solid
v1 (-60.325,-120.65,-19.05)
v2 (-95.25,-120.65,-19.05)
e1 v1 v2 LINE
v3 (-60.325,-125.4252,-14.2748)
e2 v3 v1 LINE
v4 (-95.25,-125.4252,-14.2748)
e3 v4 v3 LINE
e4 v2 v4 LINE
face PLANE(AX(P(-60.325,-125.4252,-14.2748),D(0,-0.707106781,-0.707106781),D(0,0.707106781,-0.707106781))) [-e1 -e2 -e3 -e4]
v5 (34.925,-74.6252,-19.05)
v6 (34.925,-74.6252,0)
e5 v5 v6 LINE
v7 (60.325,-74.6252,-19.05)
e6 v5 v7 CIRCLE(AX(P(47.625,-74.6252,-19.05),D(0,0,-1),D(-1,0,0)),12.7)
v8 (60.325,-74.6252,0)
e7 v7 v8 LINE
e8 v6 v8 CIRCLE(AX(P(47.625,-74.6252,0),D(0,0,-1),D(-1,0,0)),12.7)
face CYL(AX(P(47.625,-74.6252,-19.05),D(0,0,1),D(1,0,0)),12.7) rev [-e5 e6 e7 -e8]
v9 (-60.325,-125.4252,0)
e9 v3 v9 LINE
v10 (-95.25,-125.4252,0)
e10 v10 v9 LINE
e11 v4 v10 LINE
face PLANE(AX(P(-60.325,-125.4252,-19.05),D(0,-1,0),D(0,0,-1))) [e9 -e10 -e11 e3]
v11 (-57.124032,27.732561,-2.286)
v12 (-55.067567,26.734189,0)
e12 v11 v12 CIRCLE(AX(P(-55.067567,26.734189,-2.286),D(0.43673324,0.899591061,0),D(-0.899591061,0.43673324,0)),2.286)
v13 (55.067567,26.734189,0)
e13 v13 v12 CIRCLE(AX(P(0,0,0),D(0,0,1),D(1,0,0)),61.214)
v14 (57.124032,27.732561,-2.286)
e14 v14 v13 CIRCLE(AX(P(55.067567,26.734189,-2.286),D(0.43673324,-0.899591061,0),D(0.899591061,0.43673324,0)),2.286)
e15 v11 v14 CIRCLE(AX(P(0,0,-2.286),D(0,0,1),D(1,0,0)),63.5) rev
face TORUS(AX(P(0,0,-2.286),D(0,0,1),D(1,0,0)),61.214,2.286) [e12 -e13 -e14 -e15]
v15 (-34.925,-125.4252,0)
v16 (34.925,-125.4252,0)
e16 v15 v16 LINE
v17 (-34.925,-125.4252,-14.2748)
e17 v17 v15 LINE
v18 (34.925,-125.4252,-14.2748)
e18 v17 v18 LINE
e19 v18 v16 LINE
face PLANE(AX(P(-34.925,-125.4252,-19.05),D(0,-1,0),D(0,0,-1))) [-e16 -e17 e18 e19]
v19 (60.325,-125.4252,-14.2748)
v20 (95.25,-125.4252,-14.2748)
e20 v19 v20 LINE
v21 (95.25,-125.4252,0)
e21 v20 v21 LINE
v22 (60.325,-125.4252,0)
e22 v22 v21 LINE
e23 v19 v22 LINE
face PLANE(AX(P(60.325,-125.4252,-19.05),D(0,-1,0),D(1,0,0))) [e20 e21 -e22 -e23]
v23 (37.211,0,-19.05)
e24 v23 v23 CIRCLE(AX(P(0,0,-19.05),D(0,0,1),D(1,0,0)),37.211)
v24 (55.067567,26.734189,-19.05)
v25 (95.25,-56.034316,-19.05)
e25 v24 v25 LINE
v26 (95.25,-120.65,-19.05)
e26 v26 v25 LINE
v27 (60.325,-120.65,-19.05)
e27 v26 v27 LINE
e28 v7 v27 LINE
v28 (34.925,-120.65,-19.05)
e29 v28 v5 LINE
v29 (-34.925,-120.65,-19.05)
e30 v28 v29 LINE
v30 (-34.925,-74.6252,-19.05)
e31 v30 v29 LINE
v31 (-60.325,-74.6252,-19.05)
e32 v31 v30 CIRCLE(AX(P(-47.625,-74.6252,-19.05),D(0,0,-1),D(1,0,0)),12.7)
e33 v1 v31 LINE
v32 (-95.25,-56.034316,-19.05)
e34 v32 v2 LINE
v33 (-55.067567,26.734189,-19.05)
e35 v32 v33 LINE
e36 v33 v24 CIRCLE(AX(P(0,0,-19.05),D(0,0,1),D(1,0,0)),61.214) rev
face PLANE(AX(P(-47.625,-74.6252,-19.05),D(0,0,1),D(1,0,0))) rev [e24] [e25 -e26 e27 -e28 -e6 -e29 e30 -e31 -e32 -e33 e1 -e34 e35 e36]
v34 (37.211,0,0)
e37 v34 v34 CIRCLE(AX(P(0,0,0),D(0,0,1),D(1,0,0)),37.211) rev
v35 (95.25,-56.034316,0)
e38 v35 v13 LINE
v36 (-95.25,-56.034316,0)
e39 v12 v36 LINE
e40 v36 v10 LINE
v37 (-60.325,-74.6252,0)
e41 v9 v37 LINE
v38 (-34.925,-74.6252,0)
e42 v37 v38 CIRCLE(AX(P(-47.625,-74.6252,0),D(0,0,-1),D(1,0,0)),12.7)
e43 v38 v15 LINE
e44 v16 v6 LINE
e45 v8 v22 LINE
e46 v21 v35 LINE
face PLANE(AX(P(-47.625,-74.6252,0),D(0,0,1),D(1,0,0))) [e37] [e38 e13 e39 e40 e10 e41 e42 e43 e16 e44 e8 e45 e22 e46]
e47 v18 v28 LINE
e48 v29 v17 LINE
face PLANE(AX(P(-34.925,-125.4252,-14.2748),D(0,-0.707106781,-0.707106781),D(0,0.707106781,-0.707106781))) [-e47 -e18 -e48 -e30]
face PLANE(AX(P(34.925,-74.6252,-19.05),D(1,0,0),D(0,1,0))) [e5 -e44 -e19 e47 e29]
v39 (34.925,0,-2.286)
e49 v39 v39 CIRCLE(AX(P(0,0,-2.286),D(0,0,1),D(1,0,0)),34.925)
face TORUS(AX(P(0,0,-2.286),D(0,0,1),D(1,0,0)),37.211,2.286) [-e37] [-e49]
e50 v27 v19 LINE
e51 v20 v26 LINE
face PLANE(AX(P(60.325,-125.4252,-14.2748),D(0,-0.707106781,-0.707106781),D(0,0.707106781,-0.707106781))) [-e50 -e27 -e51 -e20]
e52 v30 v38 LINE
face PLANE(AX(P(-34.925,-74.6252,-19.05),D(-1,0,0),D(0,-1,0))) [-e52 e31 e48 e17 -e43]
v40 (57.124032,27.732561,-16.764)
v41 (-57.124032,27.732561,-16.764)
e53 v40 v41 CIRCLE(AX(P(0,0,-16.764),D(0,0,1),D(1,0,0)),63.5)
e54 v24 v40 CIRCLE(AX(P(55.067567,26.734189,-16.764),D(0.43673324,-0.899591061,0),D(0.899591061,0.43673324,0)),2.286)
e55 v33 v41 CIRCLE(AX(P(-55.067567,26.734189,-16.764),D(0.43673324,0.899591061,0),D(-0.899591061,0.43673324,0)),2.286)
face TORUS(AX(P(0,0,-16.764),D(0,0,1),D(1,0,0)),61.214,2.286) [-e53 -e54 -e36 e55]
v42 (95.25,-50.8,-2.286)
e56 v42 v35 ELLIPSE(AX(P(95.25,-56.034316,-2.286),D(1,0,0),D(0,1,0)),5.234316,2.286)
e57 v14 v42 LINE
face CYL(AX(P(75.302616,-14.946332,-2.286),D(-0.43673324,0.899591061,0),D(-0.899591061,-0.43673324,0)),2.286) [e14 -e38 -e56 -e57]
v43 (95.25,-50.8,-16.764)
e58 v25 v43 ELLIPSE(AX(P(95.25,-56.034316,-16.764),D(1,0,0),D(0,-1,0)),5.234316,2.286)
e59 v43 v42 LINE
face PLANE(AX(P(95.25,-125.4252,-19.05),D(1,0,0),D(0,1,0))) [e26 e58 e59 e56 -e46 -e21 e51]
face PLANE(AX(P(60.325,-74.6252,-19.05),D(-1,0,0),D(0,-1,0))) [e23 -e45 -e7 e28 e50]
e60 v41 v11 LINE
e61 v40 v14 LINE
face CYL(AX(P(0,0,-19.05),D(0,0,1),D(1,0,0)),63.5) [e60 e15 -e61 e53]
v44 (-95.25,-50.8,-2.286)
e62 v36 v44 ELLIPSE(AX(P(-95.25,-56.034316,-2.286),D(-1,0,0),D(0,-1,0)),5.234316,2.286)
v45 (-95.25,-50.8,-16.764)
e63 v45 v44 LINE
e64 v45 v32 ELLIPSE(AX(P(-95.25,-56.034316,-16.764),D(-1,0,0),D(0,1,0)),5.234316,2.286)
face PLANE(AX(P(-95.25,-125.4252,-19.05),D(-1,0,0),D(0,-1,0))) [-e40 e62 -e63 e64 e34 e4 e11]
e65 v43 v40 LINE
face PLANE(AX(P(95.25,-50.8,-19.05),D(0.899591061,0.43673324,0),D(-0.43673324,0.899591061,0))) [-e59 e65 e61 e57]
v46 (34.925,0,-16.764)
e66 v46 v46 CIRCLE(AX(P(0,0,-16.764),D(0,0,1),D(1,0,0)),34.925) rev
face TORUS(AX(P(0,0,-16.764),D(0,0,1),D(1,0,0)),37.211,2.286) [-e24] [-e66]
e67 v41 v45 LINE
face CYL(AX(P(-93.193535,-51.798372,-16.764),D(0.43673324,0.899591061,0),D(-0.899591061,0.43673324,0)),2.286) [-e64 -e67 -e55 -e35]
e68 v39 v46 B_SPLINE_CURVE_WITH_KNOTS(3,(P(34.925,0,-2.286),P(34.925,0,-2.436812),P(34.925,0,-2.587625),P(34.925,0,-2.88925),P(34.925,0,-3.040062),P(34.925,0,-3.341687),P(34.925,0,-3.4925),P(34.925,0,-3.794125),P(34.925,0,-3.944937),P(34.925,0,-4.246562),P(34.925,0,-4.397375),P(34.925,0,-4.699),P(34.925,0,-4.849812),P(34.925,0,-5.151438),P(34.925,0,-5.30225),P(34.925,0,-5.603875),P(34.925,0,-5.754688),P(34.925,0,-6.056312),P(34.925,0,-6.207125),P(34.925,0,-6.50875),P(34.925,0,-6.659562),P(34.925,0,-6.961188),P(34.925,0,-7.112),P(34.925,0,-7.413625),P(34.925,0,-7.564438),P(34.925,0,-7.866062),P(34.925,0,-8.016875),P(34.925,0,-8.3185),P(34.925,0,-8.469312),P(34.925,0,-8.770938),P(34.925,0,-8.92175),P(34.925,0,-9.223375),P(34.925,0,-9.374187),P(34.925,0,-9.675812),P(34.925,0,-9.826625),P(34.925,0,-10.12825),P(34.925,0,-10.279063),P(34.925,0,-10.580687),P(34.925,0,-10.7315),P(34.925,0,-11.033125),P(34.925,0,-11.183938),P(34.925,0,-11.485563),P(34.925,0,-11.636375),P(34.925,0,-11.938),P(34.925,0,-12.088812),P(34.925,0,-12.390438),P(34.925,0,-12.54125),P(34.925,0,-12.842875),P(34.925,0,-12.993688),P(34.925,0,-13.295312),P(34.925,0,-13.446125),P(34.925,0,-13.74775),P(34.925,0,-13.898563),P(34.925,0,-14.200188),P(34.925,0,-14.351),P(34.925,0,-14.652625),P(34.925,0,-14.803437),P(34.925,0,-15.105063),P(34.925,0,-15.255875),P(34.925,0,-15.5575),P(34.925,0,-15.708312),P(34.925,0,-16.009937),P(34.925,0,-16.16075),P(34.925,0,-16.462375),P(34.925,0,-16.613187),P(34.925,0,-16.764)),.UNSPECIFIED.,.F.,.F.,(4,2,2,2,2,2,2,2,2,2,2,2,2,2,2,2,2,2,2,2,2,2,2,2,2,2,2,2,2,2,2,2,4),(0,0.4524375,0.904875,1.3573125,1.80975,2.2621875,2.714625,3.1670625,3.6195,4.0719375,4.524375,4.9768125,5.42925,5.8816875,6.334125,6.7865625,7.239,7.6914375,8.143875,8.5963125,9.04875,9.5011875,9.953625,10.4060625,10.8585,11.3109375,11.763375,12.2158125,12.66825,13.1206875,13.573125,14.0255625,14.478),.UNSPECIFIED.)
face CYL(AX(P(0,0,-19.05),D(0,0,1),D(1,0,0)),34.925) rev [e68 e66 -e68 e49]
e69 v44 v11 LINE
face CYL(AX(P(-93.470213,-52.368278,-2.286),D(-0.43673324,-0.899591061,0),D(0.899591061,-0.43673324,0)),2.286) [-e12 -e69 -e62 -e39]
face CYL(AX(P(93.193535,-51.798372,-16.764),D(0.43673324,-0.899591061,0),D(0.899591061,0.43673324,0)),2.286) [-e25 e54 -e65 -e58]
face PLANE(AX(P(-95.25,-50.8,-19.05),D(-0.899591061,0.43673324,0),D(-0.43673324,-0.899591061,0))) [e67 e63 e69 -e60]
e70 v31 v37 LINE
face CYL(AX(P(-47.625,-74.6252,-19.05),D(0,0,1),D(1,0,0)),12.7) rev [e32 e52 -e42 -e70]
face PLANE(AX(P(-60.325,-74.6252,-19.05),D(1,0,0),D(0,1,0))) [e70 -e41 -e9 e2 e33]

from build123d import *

# Parameters (mm, degrees)
SKETCH1_R      = 34.925
EXTRUDE1_DEPTH = 19.05
CHAMFER3_SIZE  = 4.7752
FILLET1_R      = 2.286


with BuildPart() as part:
    # Sketch1 → Extrude1 (new body)
    with BuildSketch(Plane.XY):
        with BuildLine():
            Line((-60.325, -74.6252), (-60.325, -125.4252))
            Line((-60.325, -125.4252), (-95.25, -125.4252))
            Line((-95.25, -125.4252), (-95.25, -50.8))
            Line((-95.25, -50.8), (-57.124032384, 27.732560721))
            ThreePointArc((-57.124032384, 27.732560721), (0, 63.5), (57.124032384, 27.732560721))
            Line((57.124032384, 27.732560721), (95.25, -50.8))
            Line((95.25, -50.8), (95.25, -125.4252))
            Line((95.25, -125.4252), (60.325, -125.4252))
            Line((60.325, -125.4252), (60.325, -74.6252))
            ThreePointArc((60.325, -74.6252), (47.625, -61.9252), (34.925, -74.6252))
            Line((34.925, -74.6252), (34.925, -125.4252))
            Line((34.925, -125.4252), (-34.925, -125.4252))
            Line((-34.925, -125.4252), (-34.925, -74.6252))
            ThreePointArc((-34.925, -74.6252), (-47.625, -61.9252), (-60.325, -74.6252))
        make_face()
        Circle(SKETCH1_R, mode=Mode.SUBTRACT)
    extrude(amount=-EXTRUDE1_DEPTH)

    # Chamfer3
    chamfer3_edges = [part.edges().sort_by_distance(p)[0] for p in [
        (0, -125.4252, -19.05),
        (77.7875, -125.4252, -19.05),
        (-77.7875, -125.4252, -19.05),
    ]]
    chamfer(chamfer3_edges, length=CHAMFER3_SIZE)

    # Fillet1
    fillet1_edges = [part.edges().sort_by_distance(p)[0] for p in [
        (-76.187016192, -11.53371964, 0),
        (0, 63.5, 0),
        (76.187016192, -11.53371964, 0),
        (76.187016192, -11.53371964, -19.05),
        (0, 63.5, -19.05),
        (-34.925, 0, -19.05),
        (-34.925, 0, 0),
        (-76.187016192, -11.53371964, -19.05),
    ]]
    fillet(fillet1_edges, radius=FILLET1_R)


solid = part.part
